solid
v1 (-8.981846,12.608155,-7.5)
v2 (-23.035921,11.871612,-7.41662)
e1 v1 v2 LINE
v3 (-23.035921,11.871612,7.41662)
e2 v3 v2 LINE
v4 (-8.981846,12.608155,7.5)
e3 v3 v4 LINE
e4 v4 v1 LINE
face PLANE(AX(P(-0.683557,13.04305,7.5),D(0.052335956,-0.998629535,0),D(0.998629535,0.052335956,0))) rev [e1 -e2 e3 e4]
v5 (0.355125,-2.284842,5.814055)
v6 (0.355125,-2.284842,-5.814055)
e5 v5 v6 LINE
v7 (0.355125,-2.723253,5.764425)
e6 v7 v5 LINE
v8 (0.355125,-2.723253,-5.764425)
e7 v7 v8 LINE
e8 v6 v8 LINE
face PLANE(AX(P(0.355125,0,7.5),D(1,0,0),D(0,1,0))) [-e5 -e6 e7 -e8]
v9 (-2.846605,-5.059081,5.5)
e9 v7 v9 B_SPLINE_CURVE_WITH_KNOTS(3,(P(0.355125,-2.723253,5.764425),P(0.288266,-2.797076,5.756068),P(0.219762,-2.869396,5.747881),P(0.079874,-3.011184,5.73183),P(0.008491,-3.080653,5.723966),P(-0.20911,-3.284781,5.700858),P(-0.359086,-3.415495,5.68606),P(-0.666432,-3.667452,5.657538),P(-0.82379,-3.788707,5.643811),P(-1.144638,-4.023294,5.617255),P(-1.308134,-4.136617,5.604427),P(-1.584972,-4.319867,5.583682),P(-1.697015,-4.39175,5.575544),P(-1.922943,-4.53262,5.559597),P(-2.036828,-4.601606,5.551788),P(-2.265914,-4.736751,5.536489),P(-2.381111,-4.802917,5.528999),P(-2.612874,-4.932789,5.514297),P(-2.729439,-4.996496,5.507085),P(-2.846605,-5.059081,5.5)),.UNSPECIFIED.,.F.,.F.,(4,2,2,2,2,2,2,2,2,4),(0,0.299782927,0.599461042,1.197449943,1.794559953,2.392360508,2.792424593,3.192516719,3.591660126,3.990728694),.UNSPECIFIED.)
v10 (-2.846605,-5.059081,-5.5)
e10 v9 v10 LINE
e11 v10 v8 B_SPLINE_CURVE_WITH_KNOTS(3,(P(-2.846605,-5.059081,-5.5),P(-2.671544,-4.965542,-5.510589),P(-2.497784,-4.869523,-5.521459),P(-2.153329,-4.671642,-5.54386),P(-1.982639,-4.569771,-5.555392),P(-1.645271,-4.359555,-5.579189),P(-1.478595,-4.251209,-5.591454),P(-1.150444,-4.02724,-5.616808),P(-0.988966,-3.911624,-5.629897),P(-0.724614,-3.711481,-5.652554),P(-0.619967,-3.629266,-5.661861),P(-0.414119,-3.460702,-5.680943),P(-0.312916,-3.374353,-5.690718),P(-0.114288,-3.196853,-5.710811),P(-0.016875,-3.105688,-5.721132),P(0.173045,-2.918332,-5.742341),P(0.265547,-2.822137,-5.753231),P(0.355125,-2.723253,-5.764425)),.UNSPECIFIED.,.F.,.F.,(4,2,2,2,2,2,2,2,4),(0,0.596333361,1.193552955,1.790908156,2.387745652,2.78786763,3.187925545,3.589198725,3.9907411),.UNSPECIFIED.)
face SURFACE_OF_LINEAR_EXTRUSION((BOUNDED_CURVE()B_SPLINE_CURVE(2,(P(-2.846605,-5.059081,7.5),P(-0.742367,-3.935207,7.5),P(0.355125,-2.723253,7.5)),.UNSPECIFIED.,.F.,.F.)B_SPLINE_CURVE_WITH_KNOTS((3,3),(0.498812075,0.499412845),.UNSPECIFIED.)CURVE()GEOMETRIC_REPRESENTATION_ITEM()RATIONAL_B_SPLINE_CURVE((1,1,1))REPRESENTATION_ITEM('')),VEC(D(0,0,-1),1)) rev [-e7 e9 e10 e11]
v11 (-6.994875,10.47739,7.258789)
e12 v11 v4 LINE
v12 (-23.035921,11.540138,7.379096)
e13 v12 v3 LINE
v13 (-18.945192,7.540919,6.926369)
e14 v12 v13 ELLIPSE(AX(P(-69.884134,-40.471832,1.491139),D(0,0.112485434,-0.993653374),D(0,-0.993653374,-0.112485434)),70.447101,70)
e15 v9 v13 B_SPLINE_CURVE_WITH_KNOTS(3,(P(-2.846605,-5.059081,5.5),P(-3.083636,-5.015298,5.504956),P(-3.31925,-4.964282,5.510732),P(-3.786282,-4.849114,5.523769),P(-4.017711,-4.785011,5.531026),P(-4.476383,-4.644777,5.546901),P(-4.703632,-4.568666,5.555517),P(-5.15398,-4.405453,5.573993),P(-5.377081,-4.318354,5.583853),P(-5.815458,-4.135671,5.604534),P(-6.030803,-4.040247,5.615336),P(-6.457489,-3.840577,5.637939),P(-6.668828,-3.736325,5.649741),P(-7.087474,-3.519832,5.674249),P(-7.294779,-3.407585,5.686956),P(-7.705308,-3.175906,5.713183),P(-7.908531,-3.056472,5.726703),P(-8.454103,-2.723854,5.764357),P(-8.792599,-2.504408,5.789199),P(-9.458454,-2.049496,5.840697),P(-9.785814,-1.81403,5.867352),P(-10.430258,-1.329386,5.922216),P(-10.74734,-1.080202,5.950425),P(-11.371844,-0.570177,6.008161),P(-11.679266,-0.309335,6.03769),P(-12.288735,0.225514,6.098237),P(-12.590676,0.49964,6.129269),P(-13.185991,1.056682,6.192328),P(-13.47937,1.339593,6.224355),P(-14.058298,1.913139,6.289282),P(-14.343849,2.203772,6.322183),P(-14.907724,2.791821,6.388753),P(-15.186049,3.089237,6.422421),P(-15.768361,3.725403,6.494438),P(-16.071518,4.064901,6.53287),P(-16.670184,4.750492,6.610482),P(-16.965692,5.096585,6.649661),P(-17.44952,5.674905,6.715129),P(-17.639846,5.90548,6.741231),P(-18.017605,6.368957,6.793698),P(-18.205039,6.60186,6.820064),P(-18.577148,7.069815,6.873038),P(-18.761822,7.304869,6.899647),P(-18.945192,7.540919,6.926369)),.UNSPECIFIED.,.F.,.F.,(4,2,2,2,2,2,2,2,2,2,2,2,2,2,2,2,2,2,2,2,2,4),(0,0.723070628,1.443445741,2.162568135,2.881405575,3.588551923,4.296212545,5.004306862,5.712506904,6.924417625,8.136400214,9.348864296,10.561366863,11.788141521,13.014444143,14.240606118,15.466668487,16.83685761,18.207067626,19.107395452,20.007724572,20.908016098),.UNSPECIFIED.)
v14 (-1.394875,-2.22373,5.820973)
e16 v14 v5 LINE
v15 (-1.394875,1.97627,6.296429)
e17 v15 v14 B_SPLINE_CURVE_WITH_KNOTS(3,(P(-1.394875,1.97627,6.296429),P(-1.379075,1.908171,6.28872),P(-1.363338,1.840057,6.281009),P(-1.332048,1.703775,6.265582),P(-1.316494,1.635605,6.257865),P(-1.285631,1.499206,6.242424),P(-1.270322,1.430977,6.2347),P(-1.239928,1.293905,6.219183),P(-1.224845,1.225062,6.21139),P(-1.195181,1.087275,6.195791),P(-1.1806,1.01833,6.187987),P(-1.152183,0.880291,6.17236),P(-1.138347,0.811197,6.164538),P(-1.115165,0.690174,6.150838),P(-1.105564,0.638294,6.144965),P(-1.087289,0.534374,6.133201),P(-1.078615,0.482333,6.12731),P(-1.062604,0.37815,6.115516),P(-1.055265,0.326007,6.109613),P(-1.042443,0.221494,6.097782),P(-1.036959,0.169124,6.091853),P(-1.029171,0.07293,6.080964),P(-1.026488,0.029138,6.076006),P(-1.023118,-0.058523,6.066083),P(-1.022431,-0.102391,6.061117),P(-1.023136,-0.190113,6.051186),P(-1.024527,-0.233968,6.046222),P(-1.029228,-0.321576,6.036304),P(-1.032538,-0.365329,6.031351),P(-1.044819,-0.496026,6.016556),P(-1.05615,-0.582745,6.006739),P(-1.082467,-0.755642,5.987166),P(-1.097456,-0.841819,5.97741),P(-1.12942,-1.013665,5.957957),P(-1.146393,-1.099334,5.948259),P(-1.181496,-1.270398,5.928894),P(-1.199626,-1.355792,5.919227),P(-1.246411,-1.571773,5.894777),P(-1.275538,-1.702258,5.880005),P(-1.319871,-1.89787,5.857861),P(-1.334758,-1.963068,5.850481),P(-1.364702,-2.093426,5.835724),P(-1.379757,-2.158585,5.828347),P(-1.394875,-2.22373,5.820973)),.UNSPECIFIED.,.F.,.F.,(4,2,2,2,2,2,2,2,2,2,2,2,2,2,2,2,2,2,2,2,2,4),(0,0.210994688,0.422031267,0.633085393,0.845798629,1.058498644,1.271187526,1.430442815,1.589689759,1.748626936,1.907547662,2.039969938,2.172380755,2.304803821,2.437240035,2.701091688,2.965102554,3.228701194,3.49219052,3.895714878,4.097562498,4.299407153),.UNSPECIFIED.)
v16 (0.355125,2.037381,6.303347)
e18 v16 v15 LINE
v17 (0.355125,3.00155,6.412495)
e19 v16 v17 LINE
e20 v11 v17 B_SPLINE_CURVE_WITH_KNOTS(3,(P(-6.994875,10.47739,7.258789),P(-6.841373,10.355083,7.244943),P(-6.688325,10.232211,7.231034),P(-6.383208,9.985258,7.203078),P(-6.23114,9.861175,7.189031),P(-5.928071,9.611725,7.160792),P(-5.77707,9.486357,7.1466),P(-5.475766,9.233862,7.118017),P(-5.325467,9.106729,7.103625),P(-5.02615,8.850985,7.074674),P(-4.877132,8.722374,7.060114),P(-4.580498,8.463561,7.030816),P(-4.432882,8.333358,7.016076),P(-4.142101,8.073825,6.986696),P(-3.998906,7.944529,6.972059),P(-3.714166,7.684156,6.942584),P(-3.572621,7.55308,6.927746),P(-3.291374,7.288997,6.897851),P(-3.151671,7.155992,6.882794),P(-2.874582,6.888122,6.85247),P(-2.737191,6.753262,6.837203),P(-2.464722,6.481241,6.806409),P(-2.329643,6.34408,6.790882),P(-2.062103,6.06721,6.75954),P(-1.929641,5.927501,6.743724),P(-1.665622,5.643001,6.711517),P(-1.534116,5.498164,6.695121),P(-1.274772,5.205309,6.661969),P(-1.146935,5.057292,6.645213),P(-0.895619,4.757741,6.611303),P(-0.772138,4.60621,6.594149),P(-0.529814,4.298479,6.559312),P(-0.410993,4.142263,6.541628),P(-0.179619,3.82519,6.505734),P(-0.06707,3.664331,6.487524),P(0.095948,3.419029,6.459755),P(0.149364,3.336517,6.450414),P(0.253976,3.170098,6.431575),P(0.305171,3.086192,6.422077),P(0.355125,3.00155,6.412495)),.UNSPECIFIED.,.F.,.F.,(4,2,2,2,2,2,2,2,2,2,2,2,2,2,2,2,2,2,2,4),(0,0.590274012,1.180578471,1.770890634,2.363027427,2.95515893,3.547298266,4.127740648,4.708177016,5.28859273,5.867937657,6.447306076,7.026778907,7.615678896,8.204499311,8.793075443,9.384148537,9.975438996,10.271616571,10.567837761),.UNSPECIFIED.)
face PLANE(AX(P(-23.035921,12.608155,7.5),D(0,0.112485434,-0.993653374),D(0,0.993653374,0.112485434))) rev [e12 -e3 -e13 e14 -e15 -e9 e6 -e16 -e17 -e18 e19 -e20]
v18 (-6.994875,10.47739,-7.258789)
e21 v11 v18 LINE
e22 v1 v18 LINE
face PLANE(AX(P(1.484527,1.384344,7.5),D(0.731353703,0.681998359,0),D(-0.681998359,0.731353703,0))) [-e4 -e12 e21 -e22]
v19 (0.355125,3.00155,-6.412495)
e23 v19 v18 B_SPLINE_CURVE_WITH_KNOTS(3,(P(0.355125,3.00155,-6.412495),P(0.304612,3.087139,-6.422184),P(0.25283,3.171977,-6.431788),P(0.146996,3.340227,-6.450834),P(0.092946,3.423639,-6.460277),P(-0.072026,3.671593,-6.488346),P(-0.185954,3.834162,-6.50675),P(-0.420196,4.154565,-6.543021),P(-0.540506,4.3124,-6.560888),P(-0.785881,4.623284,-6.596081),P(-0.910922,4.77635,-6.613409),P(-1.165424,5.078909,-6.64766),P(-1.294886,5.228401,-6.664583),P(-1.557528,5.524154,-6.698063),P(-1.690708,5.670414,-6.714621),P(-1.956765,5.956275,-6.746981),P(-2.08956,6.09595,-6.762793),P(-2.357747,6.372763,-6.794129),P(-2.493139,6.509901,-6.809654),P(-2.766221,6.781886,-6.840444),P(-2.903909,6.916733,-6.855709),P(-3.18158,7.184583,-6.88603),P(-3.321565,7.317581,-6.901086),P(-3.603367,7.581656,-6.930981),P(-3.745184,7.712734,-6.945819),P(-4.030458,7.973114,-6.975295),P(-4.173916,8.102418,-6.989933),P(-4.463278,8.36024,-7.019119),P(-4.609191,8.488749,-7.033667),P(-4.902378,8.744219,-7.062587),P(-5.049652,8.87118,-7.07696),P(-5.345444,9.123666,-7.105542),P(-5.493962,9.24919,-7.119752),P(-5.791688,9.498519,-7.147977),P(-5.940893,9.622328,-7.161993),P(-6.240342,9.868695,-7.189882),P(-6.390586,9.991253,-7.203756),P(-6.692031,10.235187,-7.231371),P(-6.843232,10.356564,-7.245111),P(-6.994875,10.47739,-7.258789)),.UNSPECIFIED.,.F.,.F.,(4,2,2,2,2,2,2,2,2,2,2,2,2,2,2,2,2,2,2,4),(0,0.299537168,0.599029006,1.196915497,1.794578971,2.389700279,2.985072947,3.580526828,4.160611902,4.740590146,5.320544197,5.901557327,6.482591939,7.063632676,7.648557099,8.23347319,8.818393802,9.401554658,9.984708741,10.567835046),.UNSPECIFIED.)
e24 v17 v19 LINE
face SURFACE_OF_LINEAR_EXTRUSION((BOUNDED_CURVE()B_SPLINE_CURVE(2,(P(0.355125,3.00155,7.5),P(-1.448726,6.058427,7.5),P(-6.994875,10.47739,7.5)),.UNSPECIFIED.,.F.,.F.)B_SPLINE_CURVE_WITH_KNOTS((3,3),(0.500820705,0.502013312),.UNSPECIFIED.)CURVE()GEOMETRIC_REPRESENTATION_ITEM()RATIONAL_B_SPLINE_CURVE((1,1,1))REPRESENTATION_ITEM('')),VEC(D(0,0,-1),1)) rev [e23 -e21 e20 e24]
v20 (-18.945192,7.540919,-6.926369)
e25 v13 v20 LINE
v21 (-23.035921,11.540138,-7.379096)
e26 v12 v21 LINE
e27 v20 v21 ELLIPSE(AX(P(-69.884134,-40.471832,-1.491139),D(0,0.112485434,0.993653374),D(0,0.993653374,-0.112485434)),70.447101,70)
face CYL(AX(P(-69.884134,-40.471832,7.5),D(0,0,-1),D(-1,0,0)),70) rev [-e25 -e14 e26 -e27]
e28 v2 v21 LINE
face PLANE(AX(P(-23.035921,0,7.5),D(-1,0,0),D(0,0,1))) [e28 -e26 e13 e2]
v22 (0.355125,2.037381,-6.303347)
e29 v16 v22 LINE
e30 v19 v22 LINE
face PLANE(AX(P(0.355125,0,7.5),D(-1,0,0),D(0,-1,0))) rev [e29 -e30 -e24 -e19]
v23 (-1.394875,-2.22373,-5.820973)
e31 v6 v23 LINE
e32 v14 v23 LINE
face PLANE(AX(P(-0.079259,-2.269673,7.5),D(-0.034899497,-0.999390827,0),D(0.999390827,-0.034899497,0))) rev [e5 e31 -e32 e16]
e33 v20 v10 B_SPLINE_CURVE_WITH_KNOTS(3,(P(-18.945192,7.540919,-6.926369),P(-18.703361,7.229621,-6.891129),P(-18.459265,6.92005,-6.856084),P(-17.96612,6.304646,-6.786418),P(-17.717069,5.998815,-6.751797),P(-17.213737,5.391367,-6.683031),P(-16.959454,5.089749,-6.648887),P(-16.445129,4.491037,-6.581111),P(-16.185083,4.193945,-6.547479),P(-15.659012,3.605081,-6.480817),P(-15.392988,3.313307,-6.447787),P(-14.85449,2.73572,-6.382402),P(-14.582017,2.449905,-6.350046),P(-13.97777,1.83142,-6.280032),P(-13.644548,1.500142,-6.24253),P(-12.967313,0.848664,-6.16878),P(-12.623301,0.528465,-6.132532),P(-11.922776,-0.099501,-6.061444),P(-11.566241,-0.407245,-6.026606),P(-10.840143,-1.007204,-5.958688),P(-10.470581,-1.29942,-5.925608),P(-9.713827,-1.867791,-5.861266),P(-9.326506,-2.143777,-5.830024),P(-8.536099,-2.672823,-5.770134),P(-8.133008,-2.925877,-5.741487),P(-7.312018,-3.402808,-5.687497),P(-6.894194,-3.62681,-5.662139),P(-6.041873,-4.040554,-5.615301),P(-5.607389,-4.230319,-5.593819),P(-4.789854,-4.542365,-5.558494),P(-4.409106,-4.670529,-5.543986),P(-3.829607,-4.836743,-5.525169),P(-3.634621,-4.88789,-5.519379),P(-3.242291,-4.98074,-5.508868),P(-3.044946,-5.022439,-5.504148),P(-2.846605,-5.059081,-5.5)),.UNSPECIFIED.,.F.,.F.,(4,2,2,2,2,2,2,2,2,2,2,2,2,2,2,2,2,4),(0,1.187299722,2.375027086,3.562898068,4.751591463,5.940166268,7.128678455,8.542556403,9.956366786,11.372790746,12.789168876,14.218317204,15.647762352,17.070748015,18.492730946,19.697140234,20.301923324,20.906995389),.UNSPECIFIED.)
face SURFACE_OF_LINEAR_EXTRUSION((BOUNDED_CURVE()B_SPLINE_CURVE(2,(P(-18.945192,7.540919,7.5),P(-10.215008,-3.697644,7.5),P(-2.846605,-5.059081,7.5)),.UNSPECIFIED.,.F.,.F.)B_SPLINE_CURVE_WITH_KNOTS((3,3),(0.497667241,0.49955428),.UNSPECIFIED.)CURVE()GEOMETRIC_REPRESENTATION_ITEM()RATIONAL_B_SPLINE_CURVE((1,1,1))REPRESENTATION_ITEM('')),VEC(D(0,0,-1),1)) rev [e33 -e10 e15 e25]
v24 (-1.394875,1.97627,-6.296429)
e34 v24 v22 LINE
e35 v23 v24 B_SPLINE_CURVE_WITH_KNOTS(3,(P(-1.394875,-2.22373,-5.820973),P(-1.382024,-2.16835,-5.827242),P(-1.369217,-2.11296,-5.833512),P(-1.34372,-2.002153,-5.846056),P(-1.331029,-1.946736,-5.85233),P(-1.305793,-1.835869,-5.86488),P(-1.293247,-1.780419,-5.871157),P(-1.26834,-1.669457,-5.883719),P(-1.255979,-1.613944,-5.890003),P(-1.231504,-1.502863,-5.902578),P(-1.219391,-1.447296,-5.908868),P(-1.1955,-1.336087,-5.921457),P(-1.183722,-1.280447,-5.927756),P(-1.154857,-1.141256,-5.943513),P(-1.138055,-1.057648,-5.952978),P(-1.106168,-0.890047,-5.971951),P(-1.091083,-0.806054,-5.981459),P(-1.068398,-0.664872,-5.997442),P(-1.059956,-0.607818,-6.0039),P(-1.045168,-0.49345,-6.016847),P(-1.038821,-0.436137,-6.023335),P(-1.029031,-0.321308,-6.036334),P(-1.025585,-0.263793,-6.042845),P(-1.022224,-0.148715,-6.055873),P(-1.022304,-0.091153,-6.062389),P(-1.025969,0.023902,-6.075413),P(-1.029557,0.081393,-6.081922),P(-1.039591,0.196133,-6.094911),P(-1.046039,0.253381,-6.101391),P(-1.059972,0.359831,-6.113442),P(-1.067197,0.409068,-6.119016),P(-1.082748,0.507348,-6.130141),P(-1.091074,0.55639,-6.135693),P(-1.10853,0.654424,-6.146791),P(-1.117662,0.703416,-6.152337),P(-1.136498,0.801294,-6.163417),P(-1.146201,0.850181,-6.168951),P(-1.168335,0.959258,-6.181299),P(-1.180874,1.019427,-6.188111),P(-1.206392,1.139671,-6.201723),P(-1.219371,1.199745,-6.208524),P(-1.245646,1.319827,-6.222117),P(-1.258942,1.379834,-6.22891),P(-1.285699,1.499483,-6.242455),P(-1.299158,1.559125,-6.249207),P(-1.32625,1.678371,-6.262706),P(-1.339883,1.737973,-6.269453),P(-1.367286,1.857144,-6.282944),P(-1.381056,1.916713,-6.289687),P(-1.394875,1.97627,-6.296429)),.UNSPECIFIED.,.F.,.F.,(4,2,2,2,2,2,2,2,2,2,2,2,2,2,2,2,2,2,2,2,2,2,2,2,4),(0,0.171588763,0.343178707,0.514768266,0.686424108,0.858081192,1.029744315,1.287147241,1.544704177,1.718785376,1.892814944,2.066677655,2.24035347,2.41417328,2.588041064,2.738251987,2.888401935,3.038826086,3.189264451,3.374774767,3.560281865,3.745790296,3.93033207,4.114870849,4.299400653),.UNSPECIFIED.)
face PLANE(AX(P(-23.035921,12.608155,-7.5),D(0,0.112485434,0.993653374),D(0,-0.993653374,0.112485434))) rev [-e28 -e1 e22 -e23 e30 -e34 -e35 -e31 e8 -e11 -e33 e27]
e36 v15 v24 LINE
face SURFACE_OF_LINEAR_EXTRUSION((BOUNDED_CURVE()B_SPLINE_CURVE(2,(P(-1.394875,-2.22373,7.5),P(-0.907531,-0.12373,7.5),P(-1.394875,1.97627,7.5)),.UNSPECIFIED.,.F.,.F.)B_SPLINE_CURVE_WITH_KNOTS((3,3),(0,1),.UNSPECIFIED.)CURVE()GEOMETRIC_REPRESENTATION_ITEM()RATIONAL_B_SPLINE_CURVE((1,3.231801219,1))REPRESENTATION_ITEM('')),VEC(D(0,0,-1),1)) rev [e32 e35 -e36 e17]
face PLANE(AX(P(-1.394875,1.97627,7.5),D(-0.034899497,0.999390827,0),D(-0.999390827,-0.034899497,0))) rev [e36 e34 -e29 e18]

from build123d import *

# Parameters (mm, degrees)
SALIENTE_EXTRUIR1_DEPTH      = 7.5
SALIENTE_EXTRUIR2_DEPTH      = 7.5
SALIENTE_EXTRUIR2_DEPTH_BACK = 7.5
CORTAR_EXTRUIR2_DEPTH        = 28.310606886
CORTAR_EXTRUIR2_DEPTH_BACK   = 28.310606886


with BuildPart() as part:
    # Croquis1 → Saliente-Extruir1 (new, symmetric)
    with BuildSketch(Plane.XY):
        with BuildLine():
            add(Edge.make_bspline(
                [(-18.945192114, 7.540918896), (-10.215008384, -3.697644103), (-2.846604825, -5.059081104)],
                knots=[0.497667241, 0.497667241, 0.497667241, 0.49955428, 0.49955428, 0.49955428], degree=2, weights=[1, 1, 1]))
            add(Edge.make_bspline(
                [(-2.846604825, -5.059081104), (-0.742366882, -3.9352066), (0.355125, -2.723253227)],
                knots=[0.498812075, 0.498812075, 0.498812075, 0.499412845, 0.499412845, 0.499412845], degree=2, weights=[1, 1, 1]))
            Line((0.355125, -2.723253227), (0.355125, -2.284841781))
            Line((0.355125, -2.284841781), (-1.394875, -2.223730435))
            add(Edge.make_bspline(
                [(-1.394875, -2.223730435), (-0.90753067, -0.123730435), (-1.394875, 1.976269565)],
                knots=[0, 0, 0, 1, 1, 1], degree=2, weights=[1, 3.231801219, 1]))
            Line((-1.394875, 1.976269565), (0.355125, 2.284841781))
            Line((0.355125, 2.284841781), (0.355125, 3.001549529))
            add(Edge.make_bspline(
                [(0.355125, 3.001549529), (-1.44872627, 6.058427314), (-6.994875026, 10.477389992)],
                knots=[0.500820705, 0.500820705, 0.500820705, 0.502013312, 0.502013312, 0.502013312], degree=2, weights=[1, 1, 1]))
            Line((-6.994875026, 10.477389992), (-8.981845695, 12.608155172))
            Line((-8.981845695, 12.608155172), (-23.035921146, 11.871612288))
            Line((-23.035921146, 11.871612288), (-23.035921146, 11.54013782))
            ThreePointArc((-23.035921146, 11.54013782), (-20.949684518, 9.582335705), (-18.945192114, 7.540918896))
        make_face()
    extrude(amount=SALIENTE_EXTRUIR1_DEPTH, both=True)

    # Croquis4 → Saliente-Extruir2 (add, two sides: drawn at the far end of the back side and taken through both)
    with BuildSketch(Plane.XY.offset(-SALIENTE_EXTRUIR2_DEPTH_BACK)):
        Polygon((-1.394875, 1.976269565), (0.355125, 2.284841781), (0.355125, 2.037380912), align=None)
    extrude(amount=SALIENTE_EXTRUIR2_DEPTH + SALIENTE_EXTRUIR2_DEPTH_BACK)

    # Croquis6 → Cortar-Extruir2 (cut, two sides: drawn at the far end of the back side and taken through both)
    with BuildSketch(Plane(origin=(0, 0, 0), x_dir=(0, 0, -1), z_dir=(1, 0, 0)).offset(-CORTAR_EXTRUIR2_DEPTH_BACK)):
        Polygon((7.5, 12.608155172), (7.5, -5.059081104), (5.5, -5.059081104), align=None)
        Polygon((-7.5, 12.608155172), (-7.5, -5.059081104), (-5.5, -5.059081104), align=None)
    extrude(amount=CORTAR_EXTRUIR2_DEPTH + CORTAR_EXTRUIR2_DEPTH_BACK, mode=Mode.SUBTRACT)


solid = part.part
